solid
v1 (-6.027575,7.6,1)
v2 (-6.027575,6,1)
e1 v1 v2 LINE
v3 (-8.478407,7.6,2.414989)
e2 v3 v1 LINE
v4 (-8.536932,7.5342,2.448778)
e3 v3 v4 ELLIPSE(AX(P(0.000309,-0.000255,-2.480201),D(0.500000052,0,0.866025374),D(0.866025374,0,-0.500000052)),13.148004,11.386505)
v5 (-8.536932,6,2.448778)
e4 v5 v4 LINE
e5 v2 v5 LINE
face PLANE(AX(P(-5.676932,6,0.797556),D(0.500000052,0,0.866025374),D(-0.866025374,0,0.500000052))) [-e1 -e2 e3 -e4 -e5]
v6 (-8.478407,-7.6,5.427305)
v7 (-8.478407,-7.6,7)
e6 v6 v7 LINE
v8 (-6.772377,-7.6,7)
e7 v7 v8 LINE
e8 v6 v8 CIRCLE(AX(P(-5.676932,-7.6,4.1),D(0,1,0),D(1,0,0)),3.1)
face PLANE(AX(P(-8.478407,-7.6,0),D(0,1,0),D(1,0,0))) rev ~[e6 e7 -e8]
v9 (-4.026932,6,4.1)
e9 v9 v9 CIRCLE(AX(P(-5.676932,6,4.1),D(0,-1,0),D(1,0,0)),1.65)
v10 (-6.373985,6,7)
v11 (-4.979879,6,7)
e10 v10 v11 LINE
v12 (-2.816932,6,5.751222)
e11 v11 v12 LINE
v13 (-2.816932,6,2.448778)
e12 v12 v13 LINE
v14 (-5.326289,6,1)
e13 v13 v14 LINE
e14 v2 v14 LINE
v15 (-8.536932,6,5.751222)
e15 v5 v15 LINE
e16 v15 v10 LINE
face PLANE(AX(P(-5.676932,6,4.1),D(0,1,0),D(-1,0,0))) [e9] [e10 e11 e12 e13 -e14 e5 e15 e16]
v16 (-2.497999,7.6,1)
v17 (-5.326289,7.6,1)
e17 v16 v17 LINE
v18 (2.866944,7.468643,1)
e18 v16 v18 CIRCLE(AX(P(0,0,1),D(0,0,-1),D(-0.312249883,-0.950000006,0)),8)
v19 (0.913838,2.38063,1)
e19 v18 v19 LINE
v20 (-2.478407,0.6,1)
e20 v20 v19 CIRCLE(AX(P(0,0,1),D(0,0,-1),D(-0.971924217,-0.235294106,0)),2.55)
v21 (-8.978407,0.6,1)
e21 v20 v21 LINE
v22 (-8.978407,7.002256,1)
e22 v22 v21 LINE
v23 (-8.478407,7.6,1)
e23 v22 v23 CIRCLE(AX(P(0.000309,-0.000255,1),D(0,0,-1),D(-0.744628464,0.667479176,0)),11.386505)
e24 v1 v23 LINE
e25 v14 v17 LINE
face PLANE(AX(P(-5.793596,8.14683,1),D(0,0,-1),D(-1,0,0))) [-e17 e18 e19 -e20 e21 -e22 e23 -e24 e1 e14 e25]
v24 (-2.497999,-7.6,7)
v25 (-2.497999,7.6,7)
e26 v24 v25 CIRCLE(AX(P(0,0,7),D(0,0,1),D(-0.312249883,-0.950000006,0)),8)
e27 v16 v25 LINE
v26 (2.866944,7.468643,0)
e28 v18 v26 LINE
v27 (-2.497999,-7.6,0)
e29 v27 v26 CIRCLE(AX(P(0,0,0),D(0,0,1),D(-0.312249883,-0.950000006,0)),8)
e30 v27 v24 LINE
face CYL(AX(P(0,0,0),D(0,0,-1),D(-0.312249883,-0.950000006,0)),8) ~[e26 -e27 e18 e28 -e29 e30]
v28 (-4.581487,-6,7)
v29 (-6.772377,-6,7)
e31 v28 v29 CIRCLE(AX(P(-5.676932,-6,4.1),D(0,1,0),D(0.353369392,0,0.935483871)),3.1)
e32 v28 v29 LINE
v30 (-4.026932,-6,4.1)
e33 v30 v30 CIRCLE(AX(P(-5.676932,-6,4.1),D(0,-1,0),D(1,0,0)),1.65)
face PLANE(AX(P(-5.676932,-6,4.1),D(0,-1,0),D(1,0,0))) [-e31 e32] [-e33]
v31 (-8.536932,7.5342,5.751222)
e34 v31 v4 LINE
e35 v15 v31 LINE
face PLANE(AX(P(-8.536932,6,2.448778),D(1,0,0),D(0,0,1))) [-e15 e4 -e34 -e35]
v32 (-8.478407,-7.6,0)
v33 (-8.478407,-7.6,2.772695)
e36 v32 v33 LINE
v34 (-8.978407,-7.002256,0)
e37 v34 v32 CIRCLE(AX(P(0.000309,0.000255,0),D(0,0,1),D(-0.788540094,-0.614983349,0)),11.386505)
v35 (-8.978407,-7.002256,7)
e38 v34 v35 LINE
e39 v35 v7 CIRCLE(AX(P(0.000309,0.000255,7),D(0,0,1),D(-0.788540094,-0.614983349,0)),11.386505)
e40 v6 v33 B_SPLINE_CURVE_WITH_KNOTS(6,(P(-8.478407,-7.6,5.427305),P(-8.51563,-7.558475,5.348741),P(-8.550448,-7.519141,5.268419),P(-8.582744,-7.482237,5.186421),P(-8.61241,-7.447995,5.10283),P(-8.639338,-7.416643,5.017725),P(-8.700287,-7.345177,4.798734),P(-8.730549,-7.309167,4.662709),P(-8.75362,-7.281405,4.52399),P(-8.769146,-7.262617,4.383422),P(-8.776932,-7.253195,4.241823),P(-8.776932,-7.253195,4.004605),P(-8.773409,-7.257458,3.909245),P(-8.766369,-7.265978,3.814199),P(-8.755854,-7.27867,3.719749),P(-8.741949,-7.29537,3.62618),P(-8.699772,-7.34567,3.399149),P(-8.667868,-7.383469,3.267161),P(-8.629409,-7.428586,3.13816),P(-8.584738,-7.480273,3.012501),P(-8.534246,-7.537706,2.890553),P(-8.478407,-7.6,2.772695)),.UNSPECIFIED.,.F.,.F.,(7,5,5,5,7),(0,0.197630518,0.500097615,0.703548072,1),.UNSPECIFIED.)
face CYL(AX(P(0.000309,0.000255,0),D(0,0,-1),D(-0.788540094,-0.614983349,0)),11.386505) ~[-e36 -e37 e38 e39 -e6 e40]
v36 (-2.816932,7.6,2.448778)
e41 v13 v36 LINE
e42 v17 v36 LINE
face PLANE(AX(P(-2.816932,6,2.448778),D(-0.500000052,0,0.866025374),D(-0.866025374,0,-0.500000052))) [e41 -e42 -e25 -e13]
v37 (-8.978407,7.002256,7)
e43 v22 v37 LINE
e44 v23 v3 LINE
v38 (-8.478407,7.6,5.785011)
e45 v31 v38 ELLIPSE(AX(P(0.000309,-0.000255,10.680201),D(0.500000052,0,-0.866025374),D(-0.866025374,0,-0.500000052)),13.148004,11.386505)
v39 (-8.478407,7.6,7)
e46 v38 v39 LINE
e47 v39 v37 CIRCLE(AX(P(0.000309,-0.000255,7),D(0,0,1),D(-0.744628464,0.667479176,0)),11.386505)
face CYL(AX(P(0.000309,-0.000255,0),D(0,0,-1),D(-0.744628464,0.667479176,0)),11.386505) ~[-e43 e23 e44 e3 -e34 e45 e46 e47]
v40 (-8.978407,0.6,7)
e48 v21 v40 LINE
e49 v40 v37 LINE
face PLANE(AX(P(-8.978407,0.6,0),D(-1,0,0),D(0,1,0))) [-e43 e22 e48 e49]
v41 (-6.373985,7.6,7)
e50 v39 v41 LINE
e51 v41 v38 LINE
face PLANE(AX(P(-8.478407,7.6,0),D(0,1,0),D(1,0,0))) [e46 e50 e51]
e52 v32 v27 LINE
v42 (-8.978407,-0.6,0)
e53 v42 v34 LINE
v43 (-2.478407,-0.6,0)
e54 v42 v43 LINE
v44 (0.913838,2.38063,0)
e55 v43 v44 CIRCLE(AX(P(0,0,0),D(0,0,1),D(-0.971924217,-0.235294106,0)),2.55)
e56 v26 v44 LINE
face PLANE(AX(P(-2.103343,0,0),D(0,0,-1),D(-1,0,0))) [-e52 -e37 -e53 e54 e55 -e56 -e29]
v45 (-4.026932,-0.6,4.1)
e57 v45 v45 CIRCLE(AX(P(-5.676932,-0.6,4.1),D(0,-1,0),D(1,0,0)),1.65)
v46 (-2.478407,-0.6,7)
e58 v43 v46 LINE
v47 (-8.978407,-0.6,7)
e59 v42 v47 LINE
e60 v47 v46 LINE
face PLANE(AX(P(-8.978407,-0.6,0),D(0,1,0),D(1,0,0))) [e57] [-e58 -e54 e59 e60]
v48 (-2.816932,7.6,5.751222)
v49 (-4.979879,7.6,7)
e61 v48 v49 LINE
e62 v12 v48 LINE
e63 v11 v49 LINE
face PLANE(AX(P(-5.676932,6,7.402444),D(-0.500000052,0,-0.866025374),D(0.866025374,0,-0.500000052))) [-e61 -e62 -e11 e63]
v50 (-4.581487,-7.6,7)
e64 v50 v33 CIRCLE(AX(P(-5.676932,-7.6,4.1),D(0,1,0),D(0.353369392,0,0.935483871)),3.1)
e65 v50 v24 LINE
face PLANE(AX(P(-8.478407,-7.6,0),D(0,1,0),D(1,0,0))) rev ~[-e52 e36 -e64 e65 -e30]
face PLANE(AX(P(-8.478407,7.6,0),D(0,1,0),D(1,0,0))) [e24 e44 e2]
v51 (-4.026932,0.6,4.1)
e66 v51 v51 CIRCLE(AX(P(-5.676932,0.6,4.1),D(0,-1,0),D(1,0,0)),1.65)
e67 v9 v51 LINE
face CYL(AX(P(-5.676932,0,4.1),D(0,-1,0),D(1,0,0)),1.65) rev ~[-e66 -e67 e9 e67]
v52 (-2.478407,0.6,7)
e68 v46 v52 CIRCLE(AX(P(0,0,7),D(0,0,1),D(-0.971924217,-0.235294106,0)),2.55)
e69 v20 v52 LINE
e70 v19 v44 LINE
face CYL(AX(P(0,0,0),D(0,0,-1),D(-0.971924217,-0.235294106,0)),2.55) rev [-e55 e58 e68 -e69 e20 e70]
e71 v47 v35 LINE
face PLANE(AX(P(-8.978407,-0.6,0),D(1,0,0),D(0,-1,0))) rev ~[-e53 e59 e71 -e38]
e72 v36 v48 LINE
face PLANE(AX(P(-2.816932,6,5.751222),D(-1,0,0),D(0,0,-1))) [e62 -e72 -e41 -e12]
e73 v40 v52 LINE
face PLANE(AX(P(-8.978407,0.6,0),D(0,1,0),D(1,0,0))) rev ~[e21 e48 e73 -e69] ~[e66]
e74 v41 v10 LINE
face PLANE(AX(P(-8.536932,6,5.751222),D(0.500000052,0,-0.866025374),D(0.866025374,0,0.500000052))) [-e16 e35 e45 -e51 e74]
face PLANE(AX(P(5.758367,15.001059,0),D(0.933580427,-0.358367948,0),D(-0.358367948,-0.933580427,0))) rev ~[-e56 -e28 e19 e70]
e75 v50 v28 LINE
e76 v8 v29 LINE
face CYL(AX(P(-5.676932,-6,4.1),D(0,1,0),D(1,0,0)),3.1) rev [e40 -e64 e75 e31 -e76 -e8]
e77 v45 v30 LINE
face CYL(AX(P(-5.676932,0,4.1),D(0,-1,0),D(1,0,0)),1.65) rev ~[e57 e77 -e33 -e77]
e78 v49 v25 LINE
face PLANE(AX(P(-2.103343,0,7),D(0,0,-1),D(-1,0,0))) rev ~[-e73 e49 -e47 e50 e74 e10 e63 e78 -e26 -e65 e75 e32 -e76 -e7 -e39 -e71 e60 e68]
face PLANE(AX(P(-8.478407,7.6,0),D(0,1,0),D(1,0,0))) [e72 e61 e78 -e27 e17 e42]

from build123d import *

# Parameters (mm, degrees)
SKETCH002_AS_DRAWN_R                 = 1.65
EXTRUDE003_DEPTH                     = 6
EXTRUDE003_ONTO_SKETCH002_ROLL_ANGLE = 90
SKETCH003_R                          = 3.1
PAD_DEPTH                            = 5
PAD001_DEPTH                         = 5
EXTRUDE_DEPTH                        = 1
EXTRUDE002_DEPTH                     = 7


with BuildPart() as body:
    # Sketch002 as drawn → Extrude003 (new, symmetric)
    with BuildSketch(Plane.XY):
        with Locations((-5.676932, 4.1)):
            Circle(SKETCH002_AS_DRAWN_R)
    extrude(amount=EXTRUDE003_DEPTH, both=True)


with BuildPart() as body_1:
    # Extrude003 onto Sketch002 roll: moved
    add(body.part.rotate(Axis((0, 0, 0), (1, 0, 0)), EXTRUDE003_ONTO_SKETCH002_ROLL_ANGLE))


with BuildPart() as body_2:
    # Extrude003 onto Sketch002 placement: moved
    add(body_1.part)

    # Sketch003 (on Face3 of BaseFeature) → Pad (new body)
    with BuildSketch(Plane.XZ.offset(6)):
        with Locations((-5.676932, 4.1)):
            Circle(SKETCH003_R)
    extrude(amount=PAD_DEPTH)

    # Sketch004 (on Face1 of Pad) → Pad001 (join)
    with BuildSketch(Plane(origin=(0, 6, 0), x_dir=(-1, 0, 0), z_dir=(0, 1, 0))):
        Polygon((5.676932, 0.797556), (8.536932, 2.448778), (8.536932, 5.751222), (5.676932, 7.402444), (2.816932, 5.751222), (2.816932, 2.448778), align=None)
    extrude(amount=PAD001_DEPTH)


with BuildPart() as extrude001:
    # Sketch001 → Extrude (new body)
    with BuildSketch(Plane.XY):
        Polygon((0, 0), (-15, 0), (-15, 15.001059), (5.758367, 15.001059), align=None)
    extrude(amount=EXTRUDE_DEPTH)


with BuildPart() as cut001:
    # Sketch → Extrude002 (new body)
    with BuildSketch(Plane.XY):
        with BuildLine():
            ThreePointArc((-2.478407, -0.6), (2.55, 0), (-2.478407, 0.6))
            Line((-8.978407, 0.6), (-2.478407, 0.6))
            Line((-8.978407, 0.6), (-8.978407, 7.002256))
            ThreePointArc((-8.478407, 7.6), (-8.733522, 7.305407), (-8.978407, 7.002256))
            Line((-8.478407, 7.6), (-2.497999, 7.6))
            ThreePointArc((-2.497999, -7.6), (8, 0), (-2.497999, 7.6))
            Line((-8.478407, -7.6), (-2.497999, -7.6))
            ThreePointArc((-8.978407, -7.002256), (-8.733522, -7.305407), (-8.478407, -7.6))
            Line((-8.978407, -0.6), (-8.978407, -7.002256))
            Line((-8.978407, -0.6), (-2.478407, -0.6))
        make_face()
    extrude(amount=EXTRUDE002_DEPTH)

    # Cut: cut Extrude001
    add(extrude001.part, mode=Mode.SUBTRACT)

    # Cut001: cut Body
    add(body_2.part, mode=Mode.SUBTRACT)


solid = cut001.part
